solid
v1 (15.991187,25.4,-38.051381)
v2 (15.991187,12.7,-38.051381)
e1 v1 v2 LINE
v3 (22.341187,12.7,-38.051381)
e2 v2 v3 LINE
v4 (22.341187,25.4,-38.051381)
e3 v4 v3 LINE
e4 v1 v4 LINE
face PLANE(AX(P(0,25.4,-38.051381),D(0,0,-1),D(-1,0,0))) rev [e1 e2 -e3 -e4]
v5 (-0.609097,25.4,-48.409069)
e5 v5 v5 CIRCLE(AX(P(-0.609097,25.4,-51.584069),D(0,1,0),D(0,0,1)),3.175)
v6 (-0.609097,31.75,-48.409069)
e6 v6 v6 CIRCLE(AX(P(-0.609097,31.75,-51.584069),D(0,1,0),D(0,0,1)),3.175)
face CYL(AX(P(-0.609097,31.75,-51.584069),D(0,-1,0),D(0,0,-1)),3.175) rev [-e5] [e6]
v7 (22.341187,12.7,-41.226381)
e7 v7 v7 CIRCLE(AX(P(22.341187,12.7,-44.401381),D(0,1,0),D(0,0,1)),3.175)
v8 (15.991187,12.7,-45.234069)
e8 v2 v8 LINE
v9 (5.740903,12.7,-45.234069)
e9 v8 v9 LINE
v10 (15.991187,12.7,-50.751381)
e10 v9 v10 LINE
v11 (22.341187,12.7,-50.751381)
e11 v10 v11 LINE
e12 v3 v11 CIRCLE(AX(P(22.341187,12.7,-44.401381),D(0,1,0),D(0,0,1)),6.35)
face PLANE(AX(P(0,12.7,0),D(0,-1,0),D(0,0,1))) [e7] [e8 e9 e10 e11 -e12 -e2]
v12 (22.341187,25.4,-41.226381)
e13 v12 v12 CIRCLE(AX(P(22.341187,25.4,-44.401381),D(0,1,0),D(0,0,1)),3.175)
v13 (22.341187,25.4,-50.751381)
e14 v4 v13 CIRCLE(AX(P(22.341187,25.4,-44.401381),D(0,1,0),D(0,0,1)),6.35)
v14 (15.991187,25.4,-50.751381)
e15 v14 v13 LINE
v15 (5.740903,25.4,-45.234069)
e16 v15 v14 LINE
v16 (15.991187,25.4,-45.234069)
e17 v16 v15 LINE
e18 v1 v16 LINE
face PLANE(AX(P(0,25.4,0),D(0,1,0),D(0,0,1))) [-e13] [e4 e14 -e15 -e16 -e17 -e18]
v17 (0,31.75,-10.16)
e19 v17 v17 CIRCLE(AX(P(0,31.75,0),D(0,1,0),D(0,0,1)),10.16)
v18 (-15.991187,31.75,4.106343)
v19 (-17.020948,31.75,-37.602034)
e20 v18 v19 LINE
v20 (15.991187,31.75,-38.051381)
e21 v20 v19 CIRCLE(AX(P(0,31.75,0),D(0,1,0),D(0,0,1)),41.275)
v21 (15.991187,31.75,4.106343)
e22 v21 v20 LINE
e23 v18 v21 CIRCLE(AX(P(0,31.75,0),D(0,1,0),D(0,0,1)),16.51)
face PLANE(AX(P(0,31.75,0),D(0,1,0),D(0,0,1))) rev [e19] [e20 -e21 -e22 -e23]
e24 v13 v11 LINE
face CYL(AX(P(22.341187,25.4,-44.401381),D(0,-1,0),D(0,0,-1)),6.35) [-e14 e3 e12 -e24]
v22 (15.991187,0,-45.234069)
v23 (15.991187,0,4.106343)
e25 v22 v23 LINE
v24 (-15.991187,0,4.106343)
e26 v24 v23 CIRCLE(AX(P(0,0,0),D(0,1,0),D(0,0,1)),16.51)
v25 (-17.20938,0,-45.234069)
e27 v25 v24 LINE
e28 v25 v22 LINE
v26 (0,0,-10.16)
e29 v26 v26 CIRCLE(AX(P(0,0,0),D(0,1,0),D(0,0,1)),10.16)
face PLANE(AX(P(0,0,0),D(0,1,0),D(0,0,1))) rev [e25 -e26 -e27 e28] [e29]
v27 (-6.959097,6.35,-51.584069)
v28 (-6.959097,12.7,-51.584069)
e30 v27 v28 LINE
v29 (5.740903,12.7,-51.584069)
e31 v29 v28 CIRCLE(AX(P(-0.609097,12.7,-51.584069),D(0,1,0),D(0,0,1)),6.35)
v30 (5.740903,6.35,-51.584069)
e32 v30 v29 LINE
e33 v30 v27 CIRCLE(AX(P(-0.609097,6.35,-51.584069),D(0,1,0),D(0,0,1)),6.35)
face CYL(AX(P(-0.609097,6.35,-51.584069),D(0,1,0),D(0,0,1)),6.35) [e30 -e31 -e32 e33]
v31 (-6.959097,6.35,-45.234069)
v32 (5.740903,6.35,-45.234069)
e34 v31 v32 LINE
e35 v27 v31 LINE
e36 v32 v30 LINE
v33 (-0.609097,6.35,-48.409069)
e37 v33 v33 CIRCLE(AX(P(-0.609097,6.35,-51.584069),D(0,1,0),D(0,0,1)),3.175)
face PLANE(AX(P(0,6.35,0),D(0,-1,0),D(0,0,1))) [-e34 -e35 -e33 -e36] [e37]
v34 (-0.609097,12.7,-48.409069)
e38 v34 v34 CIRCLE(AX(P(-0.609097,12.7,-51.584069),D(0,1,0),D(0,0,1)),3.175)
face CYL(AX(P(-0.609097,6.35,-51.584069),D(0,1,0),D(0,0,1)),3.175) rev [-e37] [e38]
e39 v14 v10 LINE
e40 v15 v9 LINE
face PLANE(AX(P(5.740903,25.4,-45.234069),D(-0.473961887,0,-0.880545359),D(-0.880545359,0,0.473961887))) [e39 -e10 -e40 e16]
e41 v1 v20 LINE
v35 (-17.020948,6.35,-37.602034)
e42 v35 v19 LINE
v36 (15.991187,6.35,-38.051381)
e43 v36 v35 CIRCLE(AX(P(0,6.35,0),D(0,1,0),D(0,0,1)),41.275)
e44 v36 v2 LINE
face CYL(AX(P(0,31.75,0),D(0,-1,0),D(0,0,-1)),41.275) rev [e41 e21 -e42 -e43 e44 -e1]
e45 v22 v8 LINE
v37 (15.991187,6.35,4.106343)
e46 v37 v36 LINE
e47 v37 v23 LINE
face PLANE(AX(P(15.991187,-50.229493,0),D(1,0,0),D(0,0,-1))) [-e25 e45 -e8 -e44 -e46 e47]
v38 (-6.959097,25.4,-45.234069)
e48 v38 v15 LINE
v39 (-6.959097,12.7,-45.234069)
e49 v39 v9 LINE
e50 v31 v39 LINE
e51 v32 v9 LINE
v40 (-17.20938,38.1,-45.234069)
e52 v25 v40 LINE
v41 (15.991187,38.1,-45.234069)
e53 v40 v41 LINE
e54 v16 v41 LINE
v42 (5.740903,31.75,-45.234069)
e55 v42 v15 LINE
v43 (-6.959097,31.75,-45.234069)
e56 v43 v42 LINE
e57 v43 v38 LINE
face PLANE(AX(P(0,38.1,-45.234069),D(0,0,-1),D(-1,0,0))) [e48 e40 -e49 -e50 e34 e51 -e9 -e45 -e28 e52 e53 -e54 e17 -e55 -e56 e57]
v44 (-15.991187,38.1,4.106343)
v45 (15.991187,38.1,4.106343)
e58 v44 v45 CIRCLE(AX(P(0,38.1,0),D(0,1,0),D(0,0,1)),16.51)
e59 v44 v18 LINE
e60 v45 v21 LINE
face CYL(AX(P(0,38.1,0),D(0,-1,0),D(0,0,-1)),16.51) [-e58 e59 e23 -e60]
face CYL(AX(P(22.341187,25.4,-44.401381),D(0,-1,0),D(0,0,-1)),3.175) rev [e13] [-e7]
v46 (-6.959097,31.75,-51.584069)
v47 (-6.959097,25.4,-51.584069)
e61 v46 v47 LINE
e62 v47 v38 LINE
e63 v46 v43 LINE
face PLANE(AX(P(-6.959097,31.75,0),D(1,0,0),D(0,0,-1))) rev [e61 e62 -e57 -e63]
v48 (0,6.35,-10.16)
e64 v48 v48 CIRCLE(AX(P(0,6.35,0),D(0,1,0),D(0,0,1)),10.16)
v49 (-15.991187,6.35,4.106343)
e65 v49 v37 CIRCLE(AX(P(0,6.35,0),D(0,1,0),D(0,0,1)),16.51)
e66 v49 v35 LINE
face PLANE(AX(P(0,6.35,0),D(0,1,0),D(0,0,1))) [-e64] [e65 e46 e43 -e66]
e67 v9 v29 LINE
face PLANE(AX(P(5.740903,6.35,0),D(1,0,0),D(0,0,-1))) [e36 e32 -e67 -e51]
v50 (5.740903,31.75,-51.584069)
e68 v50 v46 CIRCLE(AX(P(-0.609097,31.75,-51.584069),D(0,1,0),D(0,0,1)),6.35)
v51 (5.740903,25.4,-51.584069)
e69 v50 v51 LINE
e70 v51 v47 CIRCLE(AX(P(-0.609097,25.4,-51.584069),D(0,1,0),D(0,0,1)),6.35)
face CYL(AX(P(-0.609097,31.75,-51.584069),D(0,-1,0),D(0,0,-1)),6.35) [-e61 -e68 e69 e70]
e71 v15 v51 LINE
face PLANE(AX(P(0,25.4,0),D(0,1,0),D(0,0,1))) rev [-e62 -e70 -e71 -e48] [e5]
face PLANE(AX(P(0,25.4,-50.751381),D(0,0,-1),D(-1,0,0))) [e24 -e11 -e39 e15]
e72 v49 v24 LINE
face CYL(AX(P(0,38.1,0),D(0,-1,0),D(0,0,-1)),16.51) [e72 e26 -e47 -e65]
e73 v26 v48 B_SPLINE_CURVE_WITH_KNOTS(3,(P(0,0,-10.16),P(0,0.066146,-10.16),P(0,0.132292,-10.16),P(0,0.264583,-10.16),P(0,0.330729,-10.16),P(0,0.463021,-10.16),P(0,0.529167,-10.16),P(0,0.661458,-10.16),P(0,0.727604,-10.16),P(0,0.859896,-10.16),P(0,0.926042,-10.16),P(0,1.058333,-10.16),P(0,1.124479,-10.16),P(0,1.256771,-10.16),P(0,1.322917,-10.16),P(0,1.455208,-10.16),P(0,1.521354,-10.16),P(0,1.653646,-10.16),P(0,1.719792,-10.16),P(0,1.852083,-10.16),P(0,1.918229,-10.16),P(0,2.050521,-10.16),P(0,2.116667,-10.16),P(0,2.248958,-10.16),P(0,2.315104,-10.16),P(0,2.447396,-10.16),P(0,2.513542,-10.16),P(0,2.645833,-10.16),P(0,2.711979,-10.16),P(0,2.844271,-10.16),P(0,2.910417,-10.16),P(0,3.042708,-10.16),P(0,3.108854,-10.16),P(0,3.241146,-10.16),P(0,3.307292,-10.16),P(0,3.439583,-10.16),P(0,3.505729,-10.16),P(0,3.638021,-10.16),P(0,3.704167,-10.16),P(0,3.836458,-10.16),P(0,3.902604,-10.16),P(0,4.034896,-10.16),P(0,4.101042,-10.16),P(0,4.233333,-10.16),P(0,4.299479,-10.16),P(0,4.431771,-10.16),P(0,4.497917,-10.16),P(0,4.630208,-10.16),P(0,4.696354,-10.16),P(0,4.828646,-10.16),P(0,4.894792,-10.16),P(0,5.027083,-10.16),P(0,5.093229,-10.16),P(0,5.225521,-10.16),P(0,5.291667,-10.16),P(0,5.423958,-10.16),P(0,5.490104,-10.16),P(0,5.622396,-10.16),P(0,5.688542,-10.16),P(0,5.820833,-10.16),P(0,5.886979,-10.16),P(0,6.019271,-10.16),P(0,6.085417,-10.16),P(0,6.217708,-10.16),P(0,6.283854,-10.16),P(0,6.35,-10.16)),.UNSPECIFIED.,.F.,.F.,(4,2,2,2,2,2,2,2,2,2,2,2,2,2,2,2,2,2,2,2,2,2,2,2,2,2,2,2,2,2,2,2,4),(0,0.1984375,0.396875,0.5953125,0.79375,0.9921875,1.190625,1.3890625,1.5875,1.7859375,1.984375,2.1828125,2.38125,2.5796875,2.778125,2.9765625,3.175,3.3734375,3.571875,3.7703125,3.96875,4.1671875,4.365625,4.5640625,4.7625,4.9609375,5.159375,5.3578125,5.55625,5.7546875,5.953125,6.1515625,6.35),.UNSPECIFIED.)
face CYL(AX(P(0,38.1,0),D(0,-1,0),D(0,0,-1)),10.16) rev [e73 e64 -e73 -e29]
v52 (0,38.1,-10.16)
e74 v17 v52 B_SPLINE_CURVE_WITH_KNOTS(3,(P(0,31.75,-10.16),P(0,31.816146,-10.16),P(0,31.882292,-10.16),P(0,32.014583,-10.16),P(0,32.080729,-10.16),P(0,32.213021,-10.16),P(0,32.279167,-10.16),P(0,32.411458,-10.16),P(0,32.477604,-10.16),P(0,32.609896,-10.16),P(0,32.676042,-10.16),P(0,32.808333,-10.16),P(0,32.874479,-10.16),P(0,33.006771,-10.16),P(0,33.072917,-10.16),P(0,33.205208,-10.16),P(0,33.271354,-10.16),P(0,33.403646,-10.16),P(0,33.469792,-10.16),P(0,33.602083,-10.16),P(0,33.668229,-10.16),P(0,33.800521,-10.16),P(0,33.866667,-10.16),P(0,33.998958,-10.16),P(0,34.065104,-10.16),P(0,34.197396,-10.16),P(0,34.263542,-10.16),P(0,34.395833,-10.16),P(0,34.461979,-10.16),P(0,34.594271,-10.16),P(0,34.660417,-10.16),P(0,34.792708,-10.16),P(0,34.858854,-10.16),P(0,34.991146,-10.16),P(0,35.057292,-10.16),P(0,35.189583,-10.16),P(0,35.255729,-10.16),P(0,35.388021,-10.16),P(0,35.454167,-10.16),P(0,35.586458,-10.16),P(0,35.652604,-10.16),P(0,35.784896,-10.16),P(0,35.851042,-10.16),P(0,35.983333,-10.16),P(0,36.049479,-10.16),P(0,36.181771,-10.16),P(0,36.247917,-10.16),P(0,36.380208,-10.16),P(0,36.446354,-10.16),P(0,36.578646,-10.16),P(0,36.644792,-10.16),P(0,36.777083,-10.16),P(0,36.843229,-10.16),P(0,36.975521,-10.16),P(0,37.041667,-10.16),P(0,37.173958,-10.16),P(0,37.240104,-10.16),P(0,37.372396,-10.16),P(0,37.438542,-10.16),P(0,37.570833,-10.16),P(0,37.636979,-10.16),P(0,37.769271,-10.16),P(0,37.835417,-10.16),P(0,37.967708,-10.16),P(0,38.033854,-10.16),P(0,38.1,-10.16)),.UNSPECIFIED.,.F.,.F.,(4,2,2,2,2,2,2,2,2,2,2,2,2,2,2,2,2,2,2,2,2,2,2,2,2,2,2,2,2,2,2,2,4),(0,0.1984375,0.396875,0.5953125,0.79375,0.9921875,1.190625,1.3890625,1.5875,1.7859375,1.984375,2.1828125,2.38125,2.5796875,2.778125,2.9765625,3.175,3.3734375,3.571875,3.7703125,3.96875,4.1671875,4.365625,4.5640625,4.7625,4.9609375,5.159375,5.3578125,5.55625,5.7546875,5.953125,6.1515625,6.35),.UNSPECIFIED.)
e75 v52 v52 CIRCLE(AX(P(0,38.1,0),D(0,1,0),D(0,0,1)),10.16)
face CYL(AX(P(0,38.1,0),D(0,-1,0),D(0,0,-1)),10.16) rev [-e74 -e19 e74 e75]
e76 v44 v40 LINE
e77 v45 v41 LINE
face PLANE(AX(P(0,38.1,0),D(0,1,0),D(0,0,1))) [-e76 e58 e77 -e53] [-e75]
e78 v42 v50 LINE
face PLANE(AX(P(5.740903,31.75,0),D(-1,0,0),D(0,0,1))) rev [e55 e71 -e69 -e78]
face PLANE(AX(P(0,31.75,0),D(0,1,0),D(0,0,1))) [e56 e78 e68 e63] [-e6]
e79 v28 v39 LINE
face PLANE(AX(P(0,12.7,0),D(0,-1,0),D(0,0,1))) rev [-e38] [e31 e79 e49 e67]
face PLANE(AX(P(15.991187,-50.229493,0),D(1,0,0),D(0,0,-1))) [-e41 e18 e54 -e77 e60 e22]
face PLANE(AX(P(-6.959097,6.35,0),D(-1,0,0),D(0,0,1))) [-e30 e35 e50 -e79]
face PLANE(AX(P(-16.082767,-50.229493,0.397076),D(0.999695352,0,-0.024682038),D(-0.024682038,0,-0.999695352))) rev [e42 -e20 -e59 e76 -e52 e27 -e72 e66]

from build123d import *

# Parameters (mm, degrees)
SKETCH1_R           = 16.51
SKETCH1_R_2         = 10.16
BOSS_EXTRUDE1_DEPTH = 38.1
CUT_EXTRUDE1_START  = 6.35
SKETCH1_3_R         = 16.51
SKETCH1_3_R_2       = 10.16
CUT_EXTRUDE1_DEPTH  = 25.4
CUT_EXTRUDE2_REACH  = 66.365
BOSS_EXTRUDE2_START = 6.35
SKETCH7_R           = 3.175
BOSS_EXTRUDE2_DEPTH = 6.35
BOSS_EXTRUDE3_DEPTH = 6.35


with BuildPart() as part:
    # Sketch1 → Boss-Extrude1 (new body)
    # profile 1 of 4: a face of its own
    with BuildSketch(Plane(origin=(0, 0, 0), x_dir=(1, 0, 0), z_dir=(0, 1, 0))):
        with BuildLine():
            Line((-25.4, 45.234068682), (-25.4, 32.534068682))
            ThreePointArc((-25.4, 32.534068682), (0, 41.275), (25.4, 32.534068682))
            Line((25.4, 32.534068682), (25.4, 45.234068682))
            Line((25.4, 45.234068682), (-25.4, 45.234068682))
        make_face()
    # profile 2 of 4: a face of its own
    with BuildSketch(Plane(origin=(0, 0, 0), x_dir=(1, 0, 0), z_dir=(0, 1, 0))):
        with BuildLine():
            ThreePointArc((25.4, 32.534068682), (0, 41.275), (-25.4, 32.534068682))
            Line((-25.4, 32.534068682), (25.4, 32.534068682))
        make_face()
    # profile 3 of 4: a face of its own
    with BuildSketch(Plane(origin=(0, 0, 0), x_dir=(1, 0, 0), z_dir=(0, 1, 0))):
        with BuildLine():
            Line((25.4, 32.534068682), (-25.4, 32.534068682))
            Line((-25.4, 32.534068682), (-15.991186592, -4.106342823))
            ThreePointArc((-15.991186592, -4.106342823), (-2.069493823, 16.379783128), (16.51, 0))
            ThreePointArc((16.51, 0), (16.379783128, -2.069493823), (15.991186592, -4.106342823))
            Line((15.991186592, -4.106342823), (25.4, 32.534068682))
        make_face()
    # profile 4 of 4: a face of its own
    with BuildSketch(Plane(origin=(0, 0, 0), x_dir=(1, 0, 0), z_dir=(0, 1, 0))):
        Circle(SKETCH1_R)
        with Locations(Location((0, 0, 0), (0, 0, 90))):
            Circle(SKETCH1_R_2, mode=Mode.SUBTRACT)
    extrude(amount=BOSS_EXTRUDE1_DEPTH)

    # Sketch1<3> → Cut-Extrude1 (cut)
    # profile 1 of 3: a face of its own
    with BuildSketch(Plane(origin=(0, 0, 0), x_dir=(1, 0, 0), z_dir=(0, 1, 0)).offset(CUT_EXTRUDE1_START)):
        with BuildLine():
            Line((25.4, 32.534068682), (-25.4, 32.534068682))
            Line((-25.4, 32.534068682), (-15.991186592, -4.106342823))
            ThreePointArc((-15.991186592, -4.106342823), (-2.069493823, 16.379783128), (16.51, 0))
            ThreePointArc((16.51, 0), (16.379783128, -2.069493823), (15.991186592, -4.106342823))
            Line((15.991186592, -4.106342823), (25.4, 32.534068682))
        make_face()
    # profile 2 of 3: a face of its own
    with BuildSketch(Plane(origin=(0, 0, 0), x_dir=(1, 0, 0), z_dir=(0, 1, 0)).offset(CUT_EXTRUDE1_START)):
        with BuildLine():
            ThreePointArc((25.4, 32.534068682), (0, 41.275), (-25.4, 32.534068682))
            Line((-25.4, 32.534068682), (25.4, 32.534068682))
        make_face()
    # profile 3 of 3: a face of its own
    with BuildSketch(Plane(origin=(0, 0, 0), x_dir=(1, 0, 0), z_dir=(0, 1, 0)).offset(CUT_EXTRUDE1_START)):
        Circle(SKETCH1_3_R)
        with Locations(Location((0, 0, 0), (0, 0, 90))):
            Circle(SKETCH1_3_R_2, mode=Mode.SUBTRACT)
    extrude(amount=CUT_EXTRUDE1_DEPTH, mode=Mode.SUBTRACT)

    # Cut-Extrude2: up to this face of the body (flat: up to its plane)
    cut_extrude2_end = Plane(part.part.faces().sort_by_distance((0, 0, -21.591993841))[0])
    # Sketch5 → Cut-Extrude2 (cut, up to the picked face)
    with BuildSketch(Plane(origin=(0, 38.1, 0), x_dir=(1, 0, 0), z_dir=(0, 1, 0)), mode=Mode.PRIVATE) as cut_extrude2_sk1:
        Polygon((15.991186592, 45.234068682), (15.991186592, -4.106342823), (25.4, 32.534068682), (25.4, 45.234068682), align=None)
    cut_extrude2_tool1 = split(extrude(cut_extrude2_sk1.sketch, amount=-CUT_EXTRUDE2_REACH, mode=Mode.PRIVATE), bisect_by=cut_extrude2_end, keep=Keep.BOTH, mode=Mode.PRIVATE)
    # Sketch5 → Cut-Extrude2 (cut, up to the picked face)
    with BuildSketch(Plane(origin=(0, 38.1, 0), x_dir=(1, 0, 0), z_dir=(0, 1, 0)), mode=Mode.PRIVATE) as cut_extrude2_sk2:
        Polygon((-25.4, 32.534068682), (-15.991186592, -4.106342823), (-17.209379635, 45.234068682), (-25.4, 45.234068682), align=None)
    cut_extrude2_tool2 = split(extrude(cut_extrude2_sk2.sketch, amount=-CUT_EXTRUDE2_REACH, mode=Mode.PRIVATE), bisect_by=cut_extrude2_end, keep=Keep.BOTH, mode=Mode.PRIVATE)
    add(cut_extrude2_tool1.solids().sort_by(Axis((19.769469, 38.1, -27.920679), (0, -1, 0)))[0], mode=Mode.SUBTRACT)
    add(cut_extrude2_tool2.solids().sort_by(Axis((-20.156564, 38.1, -27.821204), (0, -1, 0)))[0], mode=Mode.SUBTRACT)

    # Sketch7 → Boss-Extrude2 (add)
    with BuildSketch(Plane(origin=(0, 19.05, 0), x_dir=(1, 0, 0), z_dir=(0, 1, 0)).offset(BOSS_EXTRUDE2_START)):
        with BuildLine():
            Line((5.740903479, 45.234068682), (5.740903479, 51.584068682))
            ThreePointArc((5.740903479, 51.584068682), (-0.609096521, 57.934068682), (-6.959096521, 51.584068682))
            Line((-6.959096521, 51.584068682), (-6.959096521, 45.234068682))
            Line((-6.959096521, 45.234068682), (-0.609096521, 45.234068682))
            Line((-0.609096521, 45.234068682), (5.740903479, 45.234068682))
        make_face()
        with Locations(Location((-0.609096521, 51.584068682, 0), (0, 0, 270))):
            Circle(SKETCH7_R, mode=Mode.SUBTRACT)
    boss_extrude2 = extrude(amount=BOSS_EXTRUDE2_DEPTH)

    # Sketch8 → Boss-Extrude3 (add)
    with BuildSketch(Plane(origin=(0, 19.05, 0), x_dir=(1, 0, 0), z_dir=(0, 1, 0))):
        with BuildLine():
            ThreePointArc((15.991186592, 44.401380742), (17.851058531, 39.911252682), (22.341186592, 38.051380742))
            Line((22.341186592, 38.051380742), (22.341186592, 41.226380742))
            ThreePointArc((22.341186592, 41.226380742), (19.166186592, 44.401380742), (22.341186592, 47.576380742))
            Line((22.341186592, 47.576380742), (22.341186592, 50.751380742))
            ThreePointArc((22.341186592, 50.751380742), (17.851058531, 48.891508803), (15.991186592, 44.401380742))
        make_face()
        with BuildLine():
            Line((22.341186592, 41.226380742), (22.341186592, 38.051380742))
            ThreePointArc((22.341186592, 38.051380742), (26.831314653, 39.911252682), (28.691186592, 44.401380742))
            ThreePointArc((28.691186592, 44.401380742), (26.831314653, 48.891508803), (22.341186592, 50.751380742))
            Line((22.341186592, 50.751380742), (22.341186592, 47.576380742))
            ThreePointArc((22.341186592, 47.576380742), (24.586250622, 46.646444772), (25.516186592, 44.401380742))
            ThreePointArc((25.516186592, 44.401380742), (24.586250622, 42.156316712), (22.341186592, 41.226380742))
        make_face()
        with BuildLine():
            ThreePointArc((15.991186592, 44.401380742), (17.851058531, 39.911252682), (22.341186592, 38.051380742))
            Line((22.341186592, 38.051380742), (22.341186592, 41.226380742))
            ThreePointArc((22.341186592, 41.226380742), (19.166186592, 44.401380742), (22.341186592, 47.576380742))
            Line((22.341186592, 47.576380742), (22.341186592, 50.751380742))
            ThreePointArc((22.341186592, 50.751380742), (17.851058531, 48.891508803), (15.991186592, 44.401380742))
        make_face()
        with BuildLine():
            Line((22.341186592, 41.226380742), (22.341186592, 38.051380742))
            ThreePointArc((22.341186592, 38.051380742), (26.831314653, 39.911252682), (28.691186592, 44.401380742))
            ThreePointArc((28.691186592, 44.401380742), (26.831314653, 48.891508803), (22.341186592, 50.751380742))
            Line((22.341186592, 50.751380742), (22.341186592, 47.576380742))
            ThreePointArc((22.341186592, 47.576380742), (24.586250622, 46.646444772), (25.516186592, 44.401380742))
            ThreePointArc((25.516186592, 44.401380742), (24.586250622, 42.156316712), (22.341186592, 41.226380742))
        make_face()
        with BuildLine():
            Line((15.991186592, 45.234068682), (15.991186592, 44.401380742))
            ThreePointArc((15.991186592, 44.401380742), (17.851058531, 48.891508803), (22.341186592, 50.751380742))
            Line((22.341186592, 50.751380742), (15.991186592, 50.751380742))
            Line((15.991186592, 50.751380742), (15.991186592, 45.234068682))
        make_face()
        with BuildLine():
            Line((15.991186592, 44.401380742), (15.991186592, 38.051380742))
            Line((15.991186592, 38.051380742), (22.341186592, 38.051380742))
            ThreePointArc((22.341186592, 38.051380742), (17.851058531, 39.911252682), (15.991186592, 44.401380742))
        make_face()
        Polygon((15.991186592, 50.751380742), (15.991186592, 45.234068682), (5.740903479, 45.234068682), align=None)
    boss_extrude3 = extrude(amount=BOSS_EXTRUDE3_DEPTH)

    # Mirror1: Boss-Extrude2, Boss-Extrude3 across plane
    add(boss_extrude2.mirror(Plane.ZX.offset(19.05)))
    add(boss_extrude3.mirror(Plane.ZX.offset(19.05)))


solid = part.part
